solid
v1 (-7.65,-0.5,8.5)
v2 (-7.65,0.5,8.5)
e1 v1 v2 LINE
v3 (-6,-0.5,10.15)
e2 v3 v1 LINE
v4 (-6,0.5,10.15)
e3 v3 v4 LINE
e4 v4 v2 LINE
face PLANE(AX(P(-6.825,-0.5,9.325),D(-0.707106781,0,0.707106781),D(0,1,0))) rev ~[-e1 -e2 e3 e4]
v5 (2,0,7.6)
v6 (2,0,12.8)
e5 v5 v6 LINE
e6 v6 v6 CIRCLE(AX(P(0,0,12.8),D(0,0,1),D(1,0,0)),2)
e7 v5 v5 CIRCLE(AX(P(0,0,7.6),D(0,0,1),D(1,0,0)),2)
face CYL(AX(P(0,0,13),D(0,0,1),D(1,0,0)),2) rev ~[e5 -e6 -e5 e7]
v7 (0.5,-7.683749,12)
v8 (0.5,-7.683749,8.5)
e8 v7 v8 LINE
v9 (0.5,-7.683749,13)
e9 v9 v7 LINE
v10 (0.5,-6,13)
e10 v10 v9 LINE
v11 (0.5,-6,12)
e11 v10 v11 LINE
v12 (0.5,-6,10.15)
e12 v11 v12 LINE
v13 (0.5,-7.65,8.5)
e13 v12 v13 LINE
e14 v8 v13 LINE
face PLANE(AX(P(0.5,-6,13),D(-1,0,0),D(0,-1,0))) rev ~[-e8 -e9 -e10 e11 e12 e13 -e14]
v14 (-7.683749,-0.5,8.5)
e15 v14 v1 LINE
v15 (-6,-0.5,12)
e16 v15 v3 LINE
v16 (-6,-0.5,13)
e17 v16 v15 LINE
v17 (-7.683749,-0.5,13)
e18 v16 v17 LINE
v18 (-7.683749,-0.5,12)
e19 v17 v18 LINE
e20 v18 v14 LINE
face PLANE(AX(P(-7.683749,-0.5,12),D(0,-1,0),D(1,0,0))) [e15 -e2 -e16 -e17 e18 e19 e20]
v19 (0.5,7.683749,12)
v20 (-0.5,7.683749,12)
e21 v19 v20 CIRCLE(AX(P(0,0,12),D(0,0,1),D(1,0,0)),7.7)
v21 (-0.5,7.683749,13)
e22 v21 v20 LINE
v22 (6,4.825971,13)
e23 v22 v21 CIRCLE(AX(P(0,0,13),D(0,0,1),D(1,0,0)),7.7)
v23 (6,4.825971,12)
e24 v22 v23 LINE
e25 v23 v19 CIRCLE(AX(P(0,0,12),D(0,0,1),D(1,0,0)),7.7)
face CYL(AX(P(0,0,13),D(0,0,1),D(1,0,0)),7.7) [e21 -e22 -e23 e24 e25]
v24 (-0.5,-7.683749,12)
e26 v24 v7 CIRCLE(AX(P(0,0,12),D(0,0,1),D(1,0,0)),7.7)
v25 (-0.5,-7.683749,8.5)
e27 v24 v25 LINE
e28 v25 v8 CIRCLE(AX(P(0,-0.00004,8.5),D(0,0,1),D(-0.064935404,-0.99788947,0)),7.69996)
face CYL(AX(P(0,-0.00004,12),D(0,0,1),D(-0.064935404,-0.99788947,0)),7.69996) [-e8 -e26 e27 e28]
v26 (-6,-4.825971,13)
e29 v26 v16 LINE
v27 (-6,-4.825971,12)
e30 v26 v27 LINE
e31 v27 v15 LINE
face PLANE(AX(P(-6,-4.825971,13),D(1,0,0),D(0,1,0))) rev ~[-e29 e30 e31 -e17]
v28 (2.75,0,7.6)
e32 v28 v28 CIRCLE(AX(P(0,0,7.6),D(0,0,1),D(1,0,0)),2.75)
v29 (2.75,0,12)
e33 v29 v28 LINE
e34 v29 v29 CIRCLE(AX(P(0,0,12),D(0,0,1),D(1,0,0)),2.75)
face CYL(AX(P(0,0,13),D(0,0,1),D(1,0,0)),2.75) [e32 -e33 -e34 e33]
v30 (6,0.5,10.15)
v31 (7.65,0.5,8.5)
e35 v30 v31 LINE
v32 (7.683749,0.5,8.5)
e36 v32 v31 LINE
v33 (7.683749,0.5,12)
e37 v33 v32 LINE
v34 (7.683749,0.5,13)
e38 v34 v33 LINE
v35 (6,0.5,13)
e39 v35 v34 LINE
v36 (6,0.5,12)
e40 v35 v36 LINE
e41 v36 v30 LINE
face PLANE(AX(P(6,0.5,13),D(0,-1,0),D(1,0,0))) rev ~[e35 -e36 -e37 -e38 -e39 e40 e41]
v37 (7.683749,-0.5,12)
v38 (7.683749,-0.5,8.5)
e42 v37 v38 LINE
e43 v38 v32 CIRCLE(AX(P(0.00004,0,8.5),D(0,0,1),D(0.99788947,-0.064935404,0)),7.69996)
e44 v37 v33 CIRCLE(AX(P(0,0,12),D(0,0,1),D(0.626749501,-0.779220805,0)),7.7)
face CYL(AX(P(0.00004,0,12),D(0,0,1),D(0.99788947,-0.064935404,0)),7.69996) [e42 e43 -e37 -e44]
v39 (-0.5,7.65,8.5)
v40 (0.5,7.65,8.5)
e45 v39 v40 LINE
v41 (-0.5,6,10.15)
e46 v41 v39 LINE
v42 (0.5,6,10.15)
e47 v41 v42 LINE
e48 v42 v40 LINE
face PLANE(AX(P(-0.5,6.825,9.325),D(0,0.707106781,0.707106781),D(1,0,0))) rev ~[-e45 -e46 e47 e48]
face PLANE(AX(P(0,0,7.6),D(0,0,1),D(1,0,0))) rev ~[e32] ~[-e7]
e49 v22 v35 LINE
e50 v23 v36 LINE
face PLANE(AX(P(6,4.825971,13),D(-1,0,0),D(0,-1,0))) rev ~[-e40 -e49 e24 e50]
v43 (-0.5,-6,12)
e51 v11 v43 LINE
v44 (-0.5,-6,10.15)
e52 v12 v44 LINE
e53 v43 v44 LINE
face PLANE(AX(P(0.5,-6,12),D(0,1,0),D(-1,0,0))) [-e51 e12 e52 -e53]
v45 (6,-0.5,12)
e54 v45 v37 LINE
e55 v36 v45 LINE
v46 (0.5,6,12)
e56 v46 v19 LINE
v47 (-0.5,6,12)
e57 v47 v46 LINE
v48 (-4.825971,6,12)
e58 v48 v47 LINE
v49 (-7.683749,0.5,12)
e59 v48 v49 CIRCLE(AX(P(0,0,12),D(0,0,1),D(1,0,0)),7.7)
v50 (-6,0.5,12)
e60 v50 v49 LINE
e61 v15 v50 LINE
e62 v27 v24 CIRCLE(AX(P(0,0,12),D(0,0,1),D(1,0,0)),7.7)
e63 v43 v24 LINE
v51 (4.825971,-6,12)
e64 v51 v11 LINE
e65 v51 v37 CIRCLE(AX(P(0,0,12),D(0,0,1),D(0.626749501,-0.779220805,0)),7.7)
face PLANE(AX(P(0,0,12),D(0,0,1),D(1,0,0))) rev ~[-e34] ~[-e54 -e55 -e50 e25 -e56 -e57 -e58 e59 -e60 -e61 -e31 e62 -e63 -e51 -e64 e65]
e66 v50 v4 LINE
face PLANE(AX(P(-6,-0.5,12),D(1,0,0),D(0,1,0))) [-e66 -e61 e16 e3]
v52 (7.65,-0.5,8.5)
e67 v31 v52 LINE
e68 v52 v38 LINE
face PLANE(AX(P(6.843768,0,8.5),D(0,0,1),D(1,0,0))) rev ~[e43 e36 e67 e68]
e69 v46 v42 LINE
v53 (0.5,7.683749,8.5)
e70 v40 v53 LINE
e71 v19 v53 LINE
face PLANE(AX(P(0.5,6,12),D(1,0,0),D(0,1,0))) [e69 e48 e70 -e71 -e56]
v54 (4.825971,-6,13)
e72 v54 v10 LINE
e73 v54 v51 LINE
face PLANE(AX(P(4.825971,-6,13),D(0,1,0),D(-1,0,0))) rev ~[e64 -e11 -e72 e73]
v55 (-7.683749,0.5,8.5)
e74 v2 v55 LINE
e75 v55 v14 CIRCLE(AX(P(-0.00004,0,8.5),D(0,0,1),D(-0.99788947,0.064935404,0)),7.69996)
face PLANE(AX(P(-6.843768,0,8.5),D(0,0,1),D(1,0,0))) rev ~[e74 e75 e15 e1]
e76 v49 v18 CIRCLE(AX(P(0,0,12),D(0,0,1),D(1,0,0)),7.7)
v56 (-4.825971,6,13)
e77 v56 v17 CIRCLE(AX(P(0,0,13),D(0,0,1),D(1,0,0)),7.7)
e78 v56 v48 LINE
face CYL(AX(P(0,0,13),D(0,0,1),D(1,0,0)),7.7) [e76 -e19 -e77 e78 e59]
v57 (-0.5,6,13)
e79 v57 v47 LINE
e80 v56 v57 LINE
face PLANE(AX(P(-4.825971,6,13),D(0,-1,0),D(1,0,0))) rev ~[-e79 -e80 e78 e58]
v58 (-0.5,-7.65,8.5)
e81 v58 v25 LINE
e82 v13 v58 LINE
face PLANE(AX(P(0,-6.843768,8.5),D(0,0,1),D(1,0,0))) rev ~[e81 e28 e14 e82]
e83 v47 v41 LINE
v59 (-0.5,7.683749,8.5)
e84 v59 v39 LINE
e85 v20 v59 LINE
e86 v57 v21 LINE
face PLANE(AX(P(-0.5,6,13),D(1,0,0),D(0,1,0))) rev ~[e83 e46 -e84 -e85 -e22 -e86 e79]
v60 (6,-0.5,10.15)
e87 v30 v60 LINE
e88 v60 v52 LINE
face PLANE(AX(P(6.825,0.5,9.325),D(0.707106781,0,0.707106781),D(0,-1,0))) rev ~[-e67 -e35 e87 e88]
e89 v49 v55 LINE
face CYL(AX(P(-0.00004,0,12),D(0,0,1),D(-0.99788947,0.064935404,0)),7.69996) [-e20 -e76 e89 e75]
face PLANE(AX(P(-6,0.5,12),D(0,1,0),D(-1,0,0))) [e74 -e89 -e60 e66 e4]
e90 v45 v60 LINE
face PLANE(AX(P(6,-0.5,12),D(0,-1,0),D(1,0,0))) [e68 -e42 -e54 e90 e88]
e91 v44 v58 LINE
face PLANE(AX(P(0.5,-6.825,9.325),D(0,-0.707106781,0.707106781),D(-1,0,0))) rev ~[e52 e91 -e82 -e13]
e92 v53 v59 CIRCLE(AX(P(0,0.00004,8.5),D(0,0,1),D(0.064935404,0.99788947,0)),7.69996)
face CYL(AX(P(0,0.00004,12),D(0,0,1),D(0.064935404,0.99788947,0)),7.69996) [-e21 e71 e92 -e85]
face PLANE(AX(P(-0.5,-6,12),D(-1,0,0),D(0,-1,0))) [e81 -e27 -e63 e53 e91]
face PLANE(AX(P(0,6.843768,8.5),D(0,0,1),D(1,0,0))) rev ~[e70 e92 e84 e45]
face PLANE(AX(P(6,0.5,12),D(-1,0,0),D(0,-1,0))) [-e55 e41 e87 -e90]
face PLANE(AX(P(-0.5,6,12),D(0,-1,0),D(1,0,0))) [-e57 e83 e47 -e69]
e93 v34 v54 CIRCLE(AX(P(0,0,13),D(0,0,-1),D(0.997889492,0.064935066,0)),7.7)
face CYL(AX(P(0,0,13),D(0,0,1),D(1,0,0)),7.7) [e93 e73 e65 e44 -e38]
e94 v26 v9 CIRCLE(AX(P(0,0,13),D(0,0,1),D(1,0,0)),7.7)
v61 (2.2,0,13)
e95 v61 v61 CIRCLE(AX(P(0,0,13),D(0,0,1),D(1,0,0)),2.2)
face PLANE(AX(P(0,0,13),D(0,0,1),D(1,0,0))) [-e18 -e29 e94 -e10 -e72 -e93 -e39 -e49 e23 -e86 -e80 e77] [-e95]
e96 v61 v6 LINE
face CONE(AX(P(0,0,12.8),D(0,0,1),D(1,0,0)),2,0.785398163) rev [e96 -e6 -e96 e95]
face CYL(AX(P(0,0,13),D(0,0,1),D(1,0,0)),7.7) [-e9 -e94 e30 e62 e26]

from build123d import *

# Parameters (mm, degrees)
F1_R      = 2.75
F1_R_2    = 2
F2_DEPTH  = 5.4
F4_R      = 7.7
F4_R_2    = 2
F5_DEPTH  = 1
F8_DEPTH  = 213
F11_DEPTH = 3.5
F12_SIZE  = 1.65
F13_SIZE  = 0.2


with BuildPart() as f2:
    # F1 (on offset) → F2 (new body)
    with BuildSketch(Plane.XY.offset(13)):
        Circle(F1_R)
        Circle(F1_R_2, mode=Mode.SUBTRACT)
    extrude(amount=-F2_DEPTH)

    # F4 (on offset) → F5 (join)
    with BuildSketch(Plane.XY.offset(13)):
        Circle(F4_R)
        Circle(F4_R_2, mode=Mode.SUBTRACT)
    extrude(amount=-F5_DEPTH)

    # F7 (on offset) → F8 (cut)
    with BuildSketch(Plane.XY.offset(13)):
        with BuildLine():
            Line((-0.5, 6), (-0.5, 7.683749))
            ThreePointArc((-0.5, 7.683749), (-2.792892, 7.175636), (-4.825971, 6))
            Line((-4.825971, 6), (-0.5, 6))
        make_face()
        with BuildLine():
            Line((-6, -0.5), (-7.683749, -0.5))
            ThreePointArc((-7.683749, -0.5), (-7.175636, -2.792892), (-6, -4.825971))
            Line((-6, -4.825971), (-6, -0.5))
        make_face()
        with BuildLine():
            Line((0.5, -6), (0.5, -7.683749))
            ThreePointArc((0.5, -7.683749), (2.792892, -7.175636), (4.825971, -6))
            Line((4.825971, -6), (0.5, -6))
        make_face()
        with BuildLine():
            ThreePointArc((7.683749, 0.5), (7.175636, 2.792892), (6, 4.825971))
            Line((6, 4.825971), (6, 0.5))
            Line((6, 0.5), (7.683749, 0.5))
        make_face()
    extrude(amount=-F8_DEPTH, mode=Mode.SUBTRACT)

    # F10 (on offset) → F11 (join)
    with BuildSketch(Plane.XY.offset(12)):
        with BuildLine():
            Line((-6, 0.5), (-7.683749, 0.5))
            ThreePointArc((-7.683749, 0.5), (-7.7, 0), (-7.683749, -0.5))
            Line((-7.683749, -0.5), (-6, -0.5))
            Line((-6, -0.5), (-6, 0.5))
        make_face()
        with BuildLine():
            ThreePointArc((0.5, 7.683749), (0, 7.7), (-0.5, 7.683749))
            Line((-0.5, 7.683749), (-0.5, 6))
            Line((-0.5, 6), (0.5, 6))
            Line((0.5, 6), (0.5, 7.683749))
        make_face()
        with BuildLine():
            Line((7.683749, 0.5), (6, 0.5))
            Line((6, 0.5), (6, -0.5))
            Line((6, -0.5), (7.683749, -0.5))
            ThreePointArc((7.683749, -0.5), (7.7, 0), (7.683749, 0.5))
        make_face()
        with BuildLine():
            ThreePointArc((-0.5, -7.683749), (0, -7.7), (0.5, -7.683749))
            Line((0.5, -7.683749), (0.5, -6))
            Line((0.5, -6), (-0.5, -6))
            Line((-0.5, -6), (-0.5, -7.683749))
        make_face()
    extrude(amount=-F11_DEPTH)

    # F12
    f12_edges = [f2.edges().sort_by_distance(p)[0] for p in [
        (-6, 0, 8.5),
        (0, 6, 8.5),
        (6, 0, 8.5),
        (0, -6, 8.5),
    ]]
    chamfer(f12_edges, length=F12_SIZE)

    # F13
    f13_edges = [f2.edges().sort_by_distance(p)[0] for p in [
        (-2, 0, 13),
    ]]
    chamfer(f13_edges, length=F13_SIZE)


solid = f2.part
